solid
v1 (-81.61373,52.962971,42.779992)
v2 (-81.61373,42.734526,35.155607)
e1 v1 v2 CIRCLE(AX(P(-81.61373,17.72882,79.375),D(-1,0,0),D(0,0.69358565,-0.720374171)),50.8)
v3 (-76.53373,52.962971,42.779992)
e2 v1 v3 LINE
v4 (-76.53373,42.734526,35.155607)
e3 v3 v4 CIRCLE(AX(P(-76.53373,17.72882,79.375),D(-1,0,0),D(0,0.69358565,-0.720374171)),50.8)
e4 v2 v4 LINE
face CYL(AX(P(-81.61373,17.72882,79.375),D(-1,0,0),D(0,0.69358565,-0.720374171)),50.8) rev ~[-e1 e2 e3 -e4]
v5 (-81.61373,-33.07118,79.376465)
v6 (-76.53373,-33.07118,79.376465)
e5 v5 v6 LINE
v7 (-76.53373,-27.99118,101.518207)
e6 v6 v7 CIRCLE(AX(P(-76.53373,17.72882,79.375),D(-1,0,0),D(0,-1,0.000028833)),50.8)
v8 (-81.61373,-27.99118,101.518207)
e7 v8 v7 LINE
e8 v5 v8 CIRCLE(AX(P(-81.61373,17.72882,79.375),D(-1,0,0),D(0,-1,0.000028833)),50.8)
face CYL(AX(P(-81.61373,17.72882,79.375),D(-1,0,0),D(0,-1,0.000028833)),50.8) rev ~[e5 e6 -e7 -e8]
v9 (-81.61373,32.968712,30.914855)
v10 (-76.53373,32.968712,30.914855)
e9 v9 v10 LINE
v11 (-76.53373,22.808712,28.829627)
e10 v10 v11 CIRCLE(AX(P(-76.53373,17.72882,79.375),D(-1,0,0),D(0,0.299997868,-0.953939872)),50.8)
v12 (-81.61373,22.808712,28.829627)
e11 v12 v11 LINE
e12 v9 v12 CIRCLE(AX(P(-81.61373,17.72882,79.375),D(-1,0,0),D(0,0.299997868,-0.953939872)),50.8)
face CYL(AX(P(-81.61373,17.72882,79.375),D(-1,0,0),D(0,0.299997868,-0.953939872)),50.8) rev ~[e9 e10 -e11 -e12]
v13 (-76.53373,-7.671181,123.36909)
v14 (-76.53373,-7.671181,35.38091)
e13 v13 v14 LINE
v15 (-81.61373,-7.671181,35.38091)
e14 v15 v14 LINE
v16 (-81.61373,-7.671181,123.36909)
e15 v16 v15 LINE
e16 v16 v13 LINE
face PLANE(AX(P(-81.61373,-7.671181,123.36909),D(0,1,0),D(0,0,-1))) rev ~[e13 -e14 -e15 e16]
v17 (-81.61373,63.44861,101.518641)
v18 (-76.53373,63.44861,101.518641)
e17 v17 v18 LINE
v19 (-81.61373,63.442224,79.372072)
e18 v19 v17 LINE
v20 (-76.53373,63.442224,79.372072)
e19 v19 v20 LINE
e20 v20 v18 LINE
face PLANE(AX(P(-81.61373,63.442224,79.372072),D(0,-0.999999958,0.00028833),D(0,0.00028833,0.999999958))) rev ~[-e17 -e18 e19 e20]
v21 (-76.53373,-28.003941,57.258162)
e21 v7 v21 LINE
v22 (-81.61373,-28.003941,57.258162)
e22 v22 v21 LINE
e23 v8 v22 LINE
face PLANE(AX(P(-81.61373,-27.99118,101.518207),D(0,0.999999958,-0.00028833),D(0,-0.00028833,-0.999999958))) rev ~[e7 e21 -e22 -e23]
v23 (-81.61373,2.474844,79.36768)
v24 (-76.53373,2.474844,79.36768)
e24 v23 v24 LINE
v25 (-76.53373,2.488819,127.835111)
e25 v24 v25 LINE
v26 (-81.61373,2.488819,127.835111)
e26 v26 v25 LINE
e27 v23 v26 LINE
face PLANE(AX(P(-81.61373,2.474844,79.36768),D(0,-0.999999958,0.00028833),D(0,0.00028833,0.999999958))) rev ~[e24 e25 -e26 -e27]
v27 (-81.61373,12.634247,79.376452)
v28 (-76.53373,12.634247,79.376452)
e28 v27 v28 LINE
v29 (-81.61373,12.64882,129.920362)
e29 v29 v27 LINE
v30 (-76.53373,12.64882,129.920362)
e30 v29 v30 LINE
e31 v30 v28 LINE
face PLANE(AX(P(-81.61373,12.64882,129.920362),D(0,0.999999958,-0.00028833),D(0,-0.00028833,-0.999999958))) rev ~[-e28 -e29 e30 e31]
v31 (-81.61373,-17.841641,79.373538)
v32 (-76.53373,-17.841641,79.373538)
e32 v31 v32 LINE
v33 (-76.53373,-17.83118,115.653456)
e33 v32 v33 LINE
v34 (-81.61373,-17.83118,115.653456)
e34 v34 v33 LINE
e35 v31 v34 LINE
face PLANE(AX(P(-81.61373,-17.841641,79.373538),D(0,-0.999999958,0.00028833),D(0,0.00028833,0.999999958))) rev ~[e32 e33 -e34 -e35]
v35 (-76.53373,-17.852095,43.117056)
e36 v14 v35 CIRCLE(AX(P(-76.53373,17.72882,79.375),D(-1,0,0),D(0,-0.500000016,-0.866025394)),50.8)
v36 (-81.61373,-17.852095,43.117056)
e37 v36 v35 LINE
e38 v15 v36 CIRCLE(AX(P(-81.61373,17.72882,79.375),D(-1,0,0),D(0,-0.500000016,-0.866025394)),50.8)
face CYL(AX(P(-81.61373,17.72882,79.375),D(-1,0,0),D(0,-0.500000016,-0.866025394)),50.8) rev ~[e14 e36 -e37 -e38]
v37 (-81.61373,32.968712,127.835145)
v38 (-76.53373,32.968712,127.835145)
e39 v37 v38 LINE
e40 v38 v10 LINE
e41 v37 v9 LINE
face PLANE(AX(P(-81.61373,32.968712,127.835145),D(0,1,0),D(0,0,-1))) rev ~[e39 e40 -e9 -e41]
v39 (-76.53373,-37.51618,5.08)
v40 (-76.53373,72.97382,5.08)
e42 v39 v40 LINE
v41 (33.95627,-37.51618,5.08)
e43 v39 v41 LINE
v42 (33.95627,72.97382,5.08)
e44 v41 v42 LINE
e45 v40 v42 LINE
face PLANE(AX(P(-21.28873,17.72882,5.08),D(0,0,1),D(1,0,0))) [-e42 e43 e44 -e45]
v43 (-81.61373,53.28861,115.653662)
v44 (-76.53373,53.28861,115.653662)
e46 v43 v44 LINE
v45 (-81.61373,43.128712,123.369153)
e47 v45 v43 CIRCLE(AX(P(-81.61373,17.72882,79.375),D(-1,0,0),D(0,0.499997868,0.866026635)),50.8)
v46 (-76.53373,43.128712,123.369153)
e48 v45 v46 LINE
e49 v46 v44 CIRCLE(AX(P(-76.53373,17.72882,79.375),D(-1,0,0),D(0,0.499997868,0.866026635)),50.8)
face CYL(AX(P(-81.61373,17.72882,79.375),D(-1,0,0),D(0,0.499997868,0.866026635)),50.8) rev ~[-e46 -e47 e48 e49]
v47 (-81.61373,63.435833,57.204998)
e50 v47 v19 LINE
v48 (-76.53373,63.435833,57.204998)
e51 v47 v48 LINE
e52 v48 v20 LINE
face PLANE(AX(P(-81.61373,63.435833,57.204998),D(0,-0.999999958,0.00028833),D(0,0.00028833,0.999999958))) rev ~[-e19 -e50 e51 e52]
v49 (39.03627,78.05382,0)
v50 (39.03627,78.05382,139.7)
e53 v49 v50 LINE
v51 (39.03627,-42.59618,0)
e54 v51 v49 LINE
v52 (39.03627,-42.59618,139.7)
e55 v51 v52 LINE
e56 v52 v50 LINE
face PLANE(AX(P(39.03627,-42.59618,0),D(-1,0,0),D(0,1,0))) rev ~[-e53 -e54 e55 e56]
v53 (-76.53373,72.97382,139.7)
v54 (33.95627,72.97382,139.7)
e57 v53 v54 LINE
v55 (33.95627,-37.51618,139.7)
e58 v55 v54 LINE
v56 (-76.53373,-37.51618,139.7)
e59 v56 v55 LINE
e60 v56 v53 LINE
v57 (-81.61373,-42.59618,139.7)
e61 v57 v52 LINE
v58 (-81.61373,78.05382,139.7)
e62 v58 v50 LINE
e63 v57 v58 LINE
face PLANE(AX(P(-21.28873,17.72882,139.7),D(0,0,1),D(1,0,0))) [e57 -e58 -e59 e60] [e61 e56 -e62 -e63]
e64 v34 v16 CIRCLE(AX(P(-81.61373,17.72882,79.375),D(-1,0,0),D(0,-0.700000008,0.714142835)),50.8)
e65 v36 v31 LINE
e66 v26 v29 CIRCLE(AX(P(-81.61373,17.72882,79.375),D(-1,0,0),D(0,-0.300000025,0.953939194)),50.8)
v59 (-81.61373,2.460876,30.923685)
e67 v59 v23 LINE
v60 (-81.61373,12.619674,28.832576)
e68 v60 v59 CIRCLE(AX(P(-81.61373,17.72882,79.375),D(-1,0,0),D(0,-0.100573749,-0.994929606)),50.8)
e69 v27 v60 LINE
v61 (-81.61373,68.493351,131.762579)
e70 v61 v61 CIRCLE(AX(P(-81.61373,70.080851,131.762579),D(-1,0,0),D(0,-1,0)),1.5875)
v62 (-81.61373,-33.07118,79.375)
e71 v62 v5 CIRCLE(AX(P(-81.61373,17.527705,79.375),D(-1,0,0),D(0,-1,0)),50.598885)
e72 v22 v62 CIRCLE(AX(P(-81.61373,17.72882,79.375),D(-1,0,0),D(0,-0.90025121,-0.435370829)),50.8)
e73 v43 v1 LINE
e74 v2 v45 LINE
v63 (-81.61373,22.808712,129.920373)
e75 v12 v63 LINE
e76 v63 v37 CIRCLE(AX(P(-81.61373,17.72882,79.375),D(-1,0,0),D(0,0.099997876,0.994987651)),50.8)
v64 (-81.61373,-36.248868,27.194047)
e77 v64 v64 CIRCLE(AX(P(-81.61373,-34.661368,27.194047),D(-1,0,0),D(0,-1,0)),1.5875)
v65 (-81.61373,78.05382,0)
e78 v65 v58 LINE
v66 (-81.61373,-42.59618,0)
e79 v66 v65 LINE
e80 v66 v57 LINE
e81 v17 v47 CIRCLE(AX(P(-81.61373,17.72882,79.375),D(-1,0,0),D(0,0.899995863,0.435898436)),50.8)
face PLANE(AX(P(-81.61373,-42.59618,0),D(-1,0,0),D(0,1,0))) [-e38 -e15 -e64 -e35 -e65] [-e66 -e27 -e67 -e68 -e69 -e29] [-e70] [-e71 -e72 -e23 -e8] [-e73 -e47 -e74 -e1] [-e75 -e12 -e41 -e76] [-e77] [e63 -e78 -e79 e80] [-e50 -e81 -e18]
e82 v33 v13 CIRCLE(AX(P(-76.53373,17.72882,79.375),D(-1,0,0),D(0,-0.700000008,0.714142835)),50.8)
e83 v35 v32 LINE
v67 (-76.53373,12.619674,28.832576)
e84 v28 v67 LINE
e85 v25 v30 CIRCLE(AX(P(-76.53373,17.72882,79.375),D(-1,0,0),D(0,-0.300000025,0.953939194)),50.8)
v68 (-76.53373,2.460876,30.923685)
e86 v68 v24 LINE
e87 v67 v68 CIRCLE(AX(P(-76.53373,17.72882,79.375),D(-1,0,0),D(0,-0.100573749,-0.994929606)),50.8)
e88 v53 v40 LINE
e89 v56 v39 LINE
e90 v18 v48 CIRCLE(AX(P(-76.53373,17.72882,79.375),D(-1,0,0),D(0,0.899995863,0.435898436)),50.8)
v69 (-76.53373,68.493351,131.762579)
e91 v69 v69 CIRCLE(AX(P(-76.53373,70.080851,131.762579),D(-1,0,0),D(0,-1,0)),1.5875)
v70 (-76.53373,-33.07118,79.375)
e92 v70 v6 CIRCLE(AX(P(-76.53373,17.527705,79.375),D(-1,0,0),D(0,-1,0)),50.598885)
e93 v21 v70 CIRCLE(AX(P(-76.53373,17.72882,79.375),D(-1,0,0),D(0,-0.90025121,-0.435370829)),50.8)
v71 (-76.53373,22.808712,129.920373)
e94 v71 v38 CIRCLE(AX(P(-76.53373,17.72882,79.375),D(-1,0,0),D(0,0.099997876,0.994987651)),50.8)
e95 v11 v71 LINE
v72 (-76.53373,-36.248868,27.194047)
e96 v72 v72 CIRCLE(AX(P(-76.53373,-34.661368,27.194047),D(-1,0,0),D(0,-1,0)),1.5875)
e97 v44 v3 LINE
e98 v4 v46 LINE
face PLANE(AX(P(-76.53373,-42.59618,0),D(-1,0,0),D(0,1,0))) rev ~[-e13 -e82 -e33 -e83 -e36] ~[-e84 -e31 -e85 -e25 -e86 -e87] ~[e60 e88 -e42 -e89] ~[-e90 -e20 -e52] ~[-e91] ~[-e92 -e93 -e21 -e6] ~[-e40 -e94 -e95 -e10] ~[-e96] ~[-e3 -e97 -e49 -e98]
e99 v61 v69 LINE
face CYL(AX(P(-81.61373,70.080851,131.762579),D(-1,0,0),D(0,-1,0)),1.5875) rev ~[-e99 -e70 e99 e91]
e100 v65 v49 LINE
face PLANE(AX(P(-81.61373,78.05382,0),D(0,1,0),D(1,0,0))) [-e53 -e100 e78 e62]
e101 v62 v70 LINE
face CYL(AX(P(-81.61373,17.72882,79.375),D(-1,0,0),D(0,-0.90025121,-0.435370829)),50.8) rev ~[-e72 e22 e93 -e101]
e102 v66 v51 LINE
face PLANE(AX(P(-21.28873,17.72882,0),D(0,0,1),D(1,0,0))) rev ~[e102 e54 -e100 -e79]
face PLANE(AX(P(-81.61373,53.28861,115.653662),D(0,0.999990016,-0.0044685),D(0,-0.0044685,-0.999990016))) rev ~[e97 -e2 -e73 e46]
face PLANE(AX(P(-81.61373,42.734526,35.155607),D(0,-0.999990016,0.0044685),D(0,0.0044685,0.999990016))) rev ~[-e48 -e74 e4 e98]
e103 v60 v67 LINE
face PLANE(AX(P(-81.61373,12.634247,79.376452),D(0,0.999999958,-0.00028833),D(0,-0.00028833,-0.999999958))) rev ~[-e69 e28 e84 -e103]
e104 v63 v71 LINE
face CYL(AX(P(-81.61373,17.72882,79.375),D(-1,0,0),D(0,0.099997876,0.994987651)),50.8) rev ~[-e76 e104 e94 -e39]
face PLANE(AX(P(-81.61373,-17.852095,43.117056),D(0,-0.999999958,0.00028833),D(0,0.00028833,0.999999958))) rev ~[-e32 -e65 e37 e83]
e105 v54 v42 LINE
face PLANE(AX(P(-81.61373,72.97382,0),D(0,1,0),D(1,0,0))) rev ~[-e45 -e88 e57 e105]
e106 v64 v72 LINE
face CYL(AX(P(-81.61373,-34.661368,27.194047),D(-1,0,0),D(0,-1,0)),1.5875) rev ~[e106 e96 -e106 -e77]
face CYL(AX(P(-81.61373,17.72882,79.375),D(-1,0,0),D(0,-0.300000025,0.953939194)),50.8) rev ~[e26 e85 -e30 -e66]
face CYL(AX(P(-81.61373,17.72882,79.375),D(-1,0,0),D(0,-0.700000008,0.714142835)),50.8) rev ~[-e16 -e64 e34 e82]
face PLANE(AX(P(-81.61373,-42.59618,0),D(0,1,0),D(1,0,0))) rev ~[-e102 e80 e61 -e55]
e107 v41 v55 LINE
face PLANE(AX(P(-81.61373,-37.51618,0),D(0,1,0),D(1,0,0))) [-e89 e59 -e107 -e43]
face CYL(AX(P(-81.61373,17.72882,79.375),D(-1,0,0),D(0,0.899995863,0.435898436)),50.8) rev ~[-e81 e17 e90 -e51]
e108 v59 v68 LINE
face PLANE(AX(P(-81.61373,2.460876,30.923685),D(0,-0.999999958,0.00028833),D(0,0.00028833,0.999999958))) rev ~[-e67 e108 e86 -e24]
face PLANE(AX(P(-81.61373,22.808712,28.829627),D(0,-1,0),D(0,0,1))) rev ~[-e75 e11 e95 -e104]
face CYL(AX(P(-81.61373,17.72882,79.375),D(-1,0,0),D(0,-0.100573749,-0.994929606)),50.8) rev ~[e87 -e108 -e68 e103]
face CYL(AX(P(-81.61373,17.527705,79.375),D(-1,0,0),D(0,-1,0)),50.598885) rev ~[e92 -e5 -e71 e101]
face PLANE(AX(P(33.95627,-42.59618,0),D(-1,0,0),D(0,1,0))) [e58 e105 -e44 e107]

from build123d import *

# Parameters (mm, degrees)
F0_W     = 120.65
F0_H     = 120.65
F1_DEPTH = 139.7
F2_T     = -5.08
F4_DEPTH = 25.4
F5_R     = 1.5875
F6_DEPTH = 25.4


with BuildPart() as f1:
    # F0 (on Top) → F1 (new body)
    with BuildSketch(Plane.XY):
        with Locations((-21.288729769, 17.728820008)):
            Rectangle(F0_W, F0_H)
    extrude(amount=F1_DEPTH)

    # F2
    f2_openings = [f1.faces().sort_by_distance(p)[0] for p in [
        (-21.28873, 17.72882, 139.7),
    ]]
    offset(amount=F2_T, openings=f2_openings)

    # F3 (on face) → F4 (cut)
    with BuildSketch(Plane(origin=(-81.613729769, 0, 0), x_dir=(0, -1, 0), z_dir=(-1, 0, 0))):
        with BuildLine():
            Line((-22.8087121331, 79.4233293937), (-22.8087121331, 129.9203726467))
            ThreePointArc((-22.8087121331, 129.9203726467), (-27.9420685988, 129.1377325739), (-32.9687117108, 127.8351454898))
            Line((-32.9687117108, 127.8351454898), (-32.9687117108, 79.4203999617))
            Line((-32.9687117108, 79.4203999617), (-22.8087121331, 79.4233293937))
        make_face()
        with BuildLine():
            ThreePointArc((-32.9687117108, 30.9148545102), (-27.9420685988, 29.6122674261), (-22.8087121331, 28.8296273533))
            Line((-22.8087121331, 28.8296273533), (-22.8087121331, 79.4233293937))
            Line((-22.8087121331, 79.4233293937), (-32.9687117108, 79.4203999617))
            Line((-32.9687117108, 79.4203999617), (-32.9687117108, 30.9148545102))
        make_face()
        with BuildLine():
            ThreePointArc((-12.6196735848, 28.8325760096), (-7.486767718, 29.618187754), (-2.4608762974, 30.9236853135))
            Line((-2.4608762974, 30.9236853135), (-2.4748441512, 79.3676804493))
            Line((-2.4748441512, 79.3676804493), (-2.4888187622, 79.36767642))
            Line((-2.4888187622, 79.36767642), (-12.6342468971, 79.3764521102))
            Line((-12.6342468971, 79.3764521102), (-12.6196735848, 28.8325760096))
        make_face()
        with BuildLine():
            Line((-2.4748441512, 79.3676804493), (-2.4888187622, 127.8351110402))
            ThreePointArc((-2.4888187622, 127.8351110402), (-7.5154621752, 129.1377101531), (-12.6488202192, 129.9203618262))
            Line((-12.6488202192, 129.9203618262), (-12.6342468971, 79.3764521102))
            Line((-12.6342468971, 79.3764521102), (-2.4888187622, 79.36767642))
            Line((-2.4888187622, 79.36767642), (-2.4748441512, 79.3676804493))
        make_face()
        with BuildLine():
            Line((17.8416409794, 79.3735383001), (17.8311803932, 115.6534560237))
            ThreePointArc((17.8311803932, 115.6534560237), (12.9943502285, 119.8314804526), (7.6711808155, 123.3690900368))
            Line((7.6711808155, 123.3690900368), (7.6711808155, 79.370605852))
            Line((7.6711808155, 79.370605852), (17.8311803932, 79.373535284))
            Line((17.8311803932, 79.373535284), (17.8416409794, 79.3735383001))
        make_face()
        with BuildLine():
            ThreePointArc((7.6711808155, 35.3809099632), (13.0060137652, 38.9273796382), (17.8520948084, 43.1170560315))
            Line((17.8520948084, 43.1170560315), (17.8416409794, 79.3735383001))
            Line((17.8416409794, 79.3735383001), (17.8311803932, 79.373535284))
            Line((17.8311803932, 79.373535284), (7.6711808155, 79.370605852))
            Line((7.6711808155, 79.370605852), (7.6711808155, 35.3809099632))
        make_face()
        with BuildLine():
            Line((27.9975640978, 79.376464716), (33.0711799708, 79.376464716))
            ThreePointArc((33.0711799708, 79.376464716), (31.7847314928, 90.7349391624), (27.9911799708, 101.5182066768))
            Line((27.9911799708, 101.5182066768), (27.9975640978, 79.376464716))
        make_face()
        with BuildLine():
            ThreePointArc((28.0039414666, 57.2581618917), (31.7881684046, 68.0300514084), (33.071179992, 79.375))
            ThreePointArc((33.071179992, 79.375), (33.0711799867, 79.375732358), (33.0711799708, 79.376464716))
            Line((33.0711799708, 79.376464716), (27.9975640978, 79.376464716))
            Line((27.9975640978, 79.376464716), (28.0039414666, 57.2581618917))
        make_face()
        with BuildLine():
            Line((-42.9323247395, 79.4203999617), (-43.1287117108, 123.3691530375))
            ThreePointArc((-43.1287117108, 123.3691530375), (-48.4518229046, 119.8316075323), (-53.2886102754, 115.6536619949))
            Line((-53.2886102754, 115.6536619949), (-53.1265006866, 79.375724394))
            Line((-53.1265006866, 79.375724394), (-43.1287117108, 79.4203999617))
            Line((-43.1287117108, 79.4203999617), (-42.9323247395, 79.4203999617))
        make_face()
        with BuildLine():
            ThreePointArc((-52.962971018, 42.7799921081), (-48.0890388763, 38.6454393558), (-42.7345255311, 35.155607294))
            Line((-42.7345255311, 35.155607294), (-42.9323247395, 79.4203999617))
            Line((-42.9323247395, 79.4203999617), (-43.1287117108, 79.4203999617))
            Line((-43.1287117108, 79.4203999617), (-53.1265006866, 79.375724394))
            Line((-53.1265006866, 79.375724394), (-52.962971018, 42.7799921081))
        make_face()
        with BuildLine():
            Line((-63.4422243346, 79.3720724091), (-63.4486098531, 101.5186405436))
            ThreePointArc((-63.4486098531, 101.5186405436), (-67.2429726273, 90.732318803), (-68.528819818, 79.3706057914))
            Line((-68.528819818, 79.3706057914), (-63.4486098531, 79.372070568))
            Line((-63.4486098531, 79.372070568), (-63.4422243346, 79.3720724091))
        make_face()
        with BuildLine():
            ThreePointArc((-68.528819818, 79.3706057914), (-67.2387120843, 67.9991226008), (-63.4358329036, 57.2049983725))
            Line((-63.4358329036, 57.2049983725), (-63.4422243346, 79.3720724091))
            Line((-63.4422243346, 79.3720724091), (-63.4486098531, 79.372070568))
            Line((-63.4486098531, 79.372070568), (-68.528819818, 79.3706057914))
        make_face()
    extrude(amount=-F4_DEPTH, mode=Mode.SUBTRACT)

    # F5 (on face) → F6 (cut)
    with BuildSketch(Plane(origin=(-81.613729769, 0, 0), x_dir=(0, -1, 0), z_dir=(-1, 0, 0))):
        with Locations((34.6613678069, 27.1940474238)):
            Circle(F5_R)
        with Locations((-70.0808512879, 131.7625792464)):
            Circle(F5_R)
    extrude(amount=-F6_DEPTH, mode=Mode.SUBTRACT)


solid = f1.part
